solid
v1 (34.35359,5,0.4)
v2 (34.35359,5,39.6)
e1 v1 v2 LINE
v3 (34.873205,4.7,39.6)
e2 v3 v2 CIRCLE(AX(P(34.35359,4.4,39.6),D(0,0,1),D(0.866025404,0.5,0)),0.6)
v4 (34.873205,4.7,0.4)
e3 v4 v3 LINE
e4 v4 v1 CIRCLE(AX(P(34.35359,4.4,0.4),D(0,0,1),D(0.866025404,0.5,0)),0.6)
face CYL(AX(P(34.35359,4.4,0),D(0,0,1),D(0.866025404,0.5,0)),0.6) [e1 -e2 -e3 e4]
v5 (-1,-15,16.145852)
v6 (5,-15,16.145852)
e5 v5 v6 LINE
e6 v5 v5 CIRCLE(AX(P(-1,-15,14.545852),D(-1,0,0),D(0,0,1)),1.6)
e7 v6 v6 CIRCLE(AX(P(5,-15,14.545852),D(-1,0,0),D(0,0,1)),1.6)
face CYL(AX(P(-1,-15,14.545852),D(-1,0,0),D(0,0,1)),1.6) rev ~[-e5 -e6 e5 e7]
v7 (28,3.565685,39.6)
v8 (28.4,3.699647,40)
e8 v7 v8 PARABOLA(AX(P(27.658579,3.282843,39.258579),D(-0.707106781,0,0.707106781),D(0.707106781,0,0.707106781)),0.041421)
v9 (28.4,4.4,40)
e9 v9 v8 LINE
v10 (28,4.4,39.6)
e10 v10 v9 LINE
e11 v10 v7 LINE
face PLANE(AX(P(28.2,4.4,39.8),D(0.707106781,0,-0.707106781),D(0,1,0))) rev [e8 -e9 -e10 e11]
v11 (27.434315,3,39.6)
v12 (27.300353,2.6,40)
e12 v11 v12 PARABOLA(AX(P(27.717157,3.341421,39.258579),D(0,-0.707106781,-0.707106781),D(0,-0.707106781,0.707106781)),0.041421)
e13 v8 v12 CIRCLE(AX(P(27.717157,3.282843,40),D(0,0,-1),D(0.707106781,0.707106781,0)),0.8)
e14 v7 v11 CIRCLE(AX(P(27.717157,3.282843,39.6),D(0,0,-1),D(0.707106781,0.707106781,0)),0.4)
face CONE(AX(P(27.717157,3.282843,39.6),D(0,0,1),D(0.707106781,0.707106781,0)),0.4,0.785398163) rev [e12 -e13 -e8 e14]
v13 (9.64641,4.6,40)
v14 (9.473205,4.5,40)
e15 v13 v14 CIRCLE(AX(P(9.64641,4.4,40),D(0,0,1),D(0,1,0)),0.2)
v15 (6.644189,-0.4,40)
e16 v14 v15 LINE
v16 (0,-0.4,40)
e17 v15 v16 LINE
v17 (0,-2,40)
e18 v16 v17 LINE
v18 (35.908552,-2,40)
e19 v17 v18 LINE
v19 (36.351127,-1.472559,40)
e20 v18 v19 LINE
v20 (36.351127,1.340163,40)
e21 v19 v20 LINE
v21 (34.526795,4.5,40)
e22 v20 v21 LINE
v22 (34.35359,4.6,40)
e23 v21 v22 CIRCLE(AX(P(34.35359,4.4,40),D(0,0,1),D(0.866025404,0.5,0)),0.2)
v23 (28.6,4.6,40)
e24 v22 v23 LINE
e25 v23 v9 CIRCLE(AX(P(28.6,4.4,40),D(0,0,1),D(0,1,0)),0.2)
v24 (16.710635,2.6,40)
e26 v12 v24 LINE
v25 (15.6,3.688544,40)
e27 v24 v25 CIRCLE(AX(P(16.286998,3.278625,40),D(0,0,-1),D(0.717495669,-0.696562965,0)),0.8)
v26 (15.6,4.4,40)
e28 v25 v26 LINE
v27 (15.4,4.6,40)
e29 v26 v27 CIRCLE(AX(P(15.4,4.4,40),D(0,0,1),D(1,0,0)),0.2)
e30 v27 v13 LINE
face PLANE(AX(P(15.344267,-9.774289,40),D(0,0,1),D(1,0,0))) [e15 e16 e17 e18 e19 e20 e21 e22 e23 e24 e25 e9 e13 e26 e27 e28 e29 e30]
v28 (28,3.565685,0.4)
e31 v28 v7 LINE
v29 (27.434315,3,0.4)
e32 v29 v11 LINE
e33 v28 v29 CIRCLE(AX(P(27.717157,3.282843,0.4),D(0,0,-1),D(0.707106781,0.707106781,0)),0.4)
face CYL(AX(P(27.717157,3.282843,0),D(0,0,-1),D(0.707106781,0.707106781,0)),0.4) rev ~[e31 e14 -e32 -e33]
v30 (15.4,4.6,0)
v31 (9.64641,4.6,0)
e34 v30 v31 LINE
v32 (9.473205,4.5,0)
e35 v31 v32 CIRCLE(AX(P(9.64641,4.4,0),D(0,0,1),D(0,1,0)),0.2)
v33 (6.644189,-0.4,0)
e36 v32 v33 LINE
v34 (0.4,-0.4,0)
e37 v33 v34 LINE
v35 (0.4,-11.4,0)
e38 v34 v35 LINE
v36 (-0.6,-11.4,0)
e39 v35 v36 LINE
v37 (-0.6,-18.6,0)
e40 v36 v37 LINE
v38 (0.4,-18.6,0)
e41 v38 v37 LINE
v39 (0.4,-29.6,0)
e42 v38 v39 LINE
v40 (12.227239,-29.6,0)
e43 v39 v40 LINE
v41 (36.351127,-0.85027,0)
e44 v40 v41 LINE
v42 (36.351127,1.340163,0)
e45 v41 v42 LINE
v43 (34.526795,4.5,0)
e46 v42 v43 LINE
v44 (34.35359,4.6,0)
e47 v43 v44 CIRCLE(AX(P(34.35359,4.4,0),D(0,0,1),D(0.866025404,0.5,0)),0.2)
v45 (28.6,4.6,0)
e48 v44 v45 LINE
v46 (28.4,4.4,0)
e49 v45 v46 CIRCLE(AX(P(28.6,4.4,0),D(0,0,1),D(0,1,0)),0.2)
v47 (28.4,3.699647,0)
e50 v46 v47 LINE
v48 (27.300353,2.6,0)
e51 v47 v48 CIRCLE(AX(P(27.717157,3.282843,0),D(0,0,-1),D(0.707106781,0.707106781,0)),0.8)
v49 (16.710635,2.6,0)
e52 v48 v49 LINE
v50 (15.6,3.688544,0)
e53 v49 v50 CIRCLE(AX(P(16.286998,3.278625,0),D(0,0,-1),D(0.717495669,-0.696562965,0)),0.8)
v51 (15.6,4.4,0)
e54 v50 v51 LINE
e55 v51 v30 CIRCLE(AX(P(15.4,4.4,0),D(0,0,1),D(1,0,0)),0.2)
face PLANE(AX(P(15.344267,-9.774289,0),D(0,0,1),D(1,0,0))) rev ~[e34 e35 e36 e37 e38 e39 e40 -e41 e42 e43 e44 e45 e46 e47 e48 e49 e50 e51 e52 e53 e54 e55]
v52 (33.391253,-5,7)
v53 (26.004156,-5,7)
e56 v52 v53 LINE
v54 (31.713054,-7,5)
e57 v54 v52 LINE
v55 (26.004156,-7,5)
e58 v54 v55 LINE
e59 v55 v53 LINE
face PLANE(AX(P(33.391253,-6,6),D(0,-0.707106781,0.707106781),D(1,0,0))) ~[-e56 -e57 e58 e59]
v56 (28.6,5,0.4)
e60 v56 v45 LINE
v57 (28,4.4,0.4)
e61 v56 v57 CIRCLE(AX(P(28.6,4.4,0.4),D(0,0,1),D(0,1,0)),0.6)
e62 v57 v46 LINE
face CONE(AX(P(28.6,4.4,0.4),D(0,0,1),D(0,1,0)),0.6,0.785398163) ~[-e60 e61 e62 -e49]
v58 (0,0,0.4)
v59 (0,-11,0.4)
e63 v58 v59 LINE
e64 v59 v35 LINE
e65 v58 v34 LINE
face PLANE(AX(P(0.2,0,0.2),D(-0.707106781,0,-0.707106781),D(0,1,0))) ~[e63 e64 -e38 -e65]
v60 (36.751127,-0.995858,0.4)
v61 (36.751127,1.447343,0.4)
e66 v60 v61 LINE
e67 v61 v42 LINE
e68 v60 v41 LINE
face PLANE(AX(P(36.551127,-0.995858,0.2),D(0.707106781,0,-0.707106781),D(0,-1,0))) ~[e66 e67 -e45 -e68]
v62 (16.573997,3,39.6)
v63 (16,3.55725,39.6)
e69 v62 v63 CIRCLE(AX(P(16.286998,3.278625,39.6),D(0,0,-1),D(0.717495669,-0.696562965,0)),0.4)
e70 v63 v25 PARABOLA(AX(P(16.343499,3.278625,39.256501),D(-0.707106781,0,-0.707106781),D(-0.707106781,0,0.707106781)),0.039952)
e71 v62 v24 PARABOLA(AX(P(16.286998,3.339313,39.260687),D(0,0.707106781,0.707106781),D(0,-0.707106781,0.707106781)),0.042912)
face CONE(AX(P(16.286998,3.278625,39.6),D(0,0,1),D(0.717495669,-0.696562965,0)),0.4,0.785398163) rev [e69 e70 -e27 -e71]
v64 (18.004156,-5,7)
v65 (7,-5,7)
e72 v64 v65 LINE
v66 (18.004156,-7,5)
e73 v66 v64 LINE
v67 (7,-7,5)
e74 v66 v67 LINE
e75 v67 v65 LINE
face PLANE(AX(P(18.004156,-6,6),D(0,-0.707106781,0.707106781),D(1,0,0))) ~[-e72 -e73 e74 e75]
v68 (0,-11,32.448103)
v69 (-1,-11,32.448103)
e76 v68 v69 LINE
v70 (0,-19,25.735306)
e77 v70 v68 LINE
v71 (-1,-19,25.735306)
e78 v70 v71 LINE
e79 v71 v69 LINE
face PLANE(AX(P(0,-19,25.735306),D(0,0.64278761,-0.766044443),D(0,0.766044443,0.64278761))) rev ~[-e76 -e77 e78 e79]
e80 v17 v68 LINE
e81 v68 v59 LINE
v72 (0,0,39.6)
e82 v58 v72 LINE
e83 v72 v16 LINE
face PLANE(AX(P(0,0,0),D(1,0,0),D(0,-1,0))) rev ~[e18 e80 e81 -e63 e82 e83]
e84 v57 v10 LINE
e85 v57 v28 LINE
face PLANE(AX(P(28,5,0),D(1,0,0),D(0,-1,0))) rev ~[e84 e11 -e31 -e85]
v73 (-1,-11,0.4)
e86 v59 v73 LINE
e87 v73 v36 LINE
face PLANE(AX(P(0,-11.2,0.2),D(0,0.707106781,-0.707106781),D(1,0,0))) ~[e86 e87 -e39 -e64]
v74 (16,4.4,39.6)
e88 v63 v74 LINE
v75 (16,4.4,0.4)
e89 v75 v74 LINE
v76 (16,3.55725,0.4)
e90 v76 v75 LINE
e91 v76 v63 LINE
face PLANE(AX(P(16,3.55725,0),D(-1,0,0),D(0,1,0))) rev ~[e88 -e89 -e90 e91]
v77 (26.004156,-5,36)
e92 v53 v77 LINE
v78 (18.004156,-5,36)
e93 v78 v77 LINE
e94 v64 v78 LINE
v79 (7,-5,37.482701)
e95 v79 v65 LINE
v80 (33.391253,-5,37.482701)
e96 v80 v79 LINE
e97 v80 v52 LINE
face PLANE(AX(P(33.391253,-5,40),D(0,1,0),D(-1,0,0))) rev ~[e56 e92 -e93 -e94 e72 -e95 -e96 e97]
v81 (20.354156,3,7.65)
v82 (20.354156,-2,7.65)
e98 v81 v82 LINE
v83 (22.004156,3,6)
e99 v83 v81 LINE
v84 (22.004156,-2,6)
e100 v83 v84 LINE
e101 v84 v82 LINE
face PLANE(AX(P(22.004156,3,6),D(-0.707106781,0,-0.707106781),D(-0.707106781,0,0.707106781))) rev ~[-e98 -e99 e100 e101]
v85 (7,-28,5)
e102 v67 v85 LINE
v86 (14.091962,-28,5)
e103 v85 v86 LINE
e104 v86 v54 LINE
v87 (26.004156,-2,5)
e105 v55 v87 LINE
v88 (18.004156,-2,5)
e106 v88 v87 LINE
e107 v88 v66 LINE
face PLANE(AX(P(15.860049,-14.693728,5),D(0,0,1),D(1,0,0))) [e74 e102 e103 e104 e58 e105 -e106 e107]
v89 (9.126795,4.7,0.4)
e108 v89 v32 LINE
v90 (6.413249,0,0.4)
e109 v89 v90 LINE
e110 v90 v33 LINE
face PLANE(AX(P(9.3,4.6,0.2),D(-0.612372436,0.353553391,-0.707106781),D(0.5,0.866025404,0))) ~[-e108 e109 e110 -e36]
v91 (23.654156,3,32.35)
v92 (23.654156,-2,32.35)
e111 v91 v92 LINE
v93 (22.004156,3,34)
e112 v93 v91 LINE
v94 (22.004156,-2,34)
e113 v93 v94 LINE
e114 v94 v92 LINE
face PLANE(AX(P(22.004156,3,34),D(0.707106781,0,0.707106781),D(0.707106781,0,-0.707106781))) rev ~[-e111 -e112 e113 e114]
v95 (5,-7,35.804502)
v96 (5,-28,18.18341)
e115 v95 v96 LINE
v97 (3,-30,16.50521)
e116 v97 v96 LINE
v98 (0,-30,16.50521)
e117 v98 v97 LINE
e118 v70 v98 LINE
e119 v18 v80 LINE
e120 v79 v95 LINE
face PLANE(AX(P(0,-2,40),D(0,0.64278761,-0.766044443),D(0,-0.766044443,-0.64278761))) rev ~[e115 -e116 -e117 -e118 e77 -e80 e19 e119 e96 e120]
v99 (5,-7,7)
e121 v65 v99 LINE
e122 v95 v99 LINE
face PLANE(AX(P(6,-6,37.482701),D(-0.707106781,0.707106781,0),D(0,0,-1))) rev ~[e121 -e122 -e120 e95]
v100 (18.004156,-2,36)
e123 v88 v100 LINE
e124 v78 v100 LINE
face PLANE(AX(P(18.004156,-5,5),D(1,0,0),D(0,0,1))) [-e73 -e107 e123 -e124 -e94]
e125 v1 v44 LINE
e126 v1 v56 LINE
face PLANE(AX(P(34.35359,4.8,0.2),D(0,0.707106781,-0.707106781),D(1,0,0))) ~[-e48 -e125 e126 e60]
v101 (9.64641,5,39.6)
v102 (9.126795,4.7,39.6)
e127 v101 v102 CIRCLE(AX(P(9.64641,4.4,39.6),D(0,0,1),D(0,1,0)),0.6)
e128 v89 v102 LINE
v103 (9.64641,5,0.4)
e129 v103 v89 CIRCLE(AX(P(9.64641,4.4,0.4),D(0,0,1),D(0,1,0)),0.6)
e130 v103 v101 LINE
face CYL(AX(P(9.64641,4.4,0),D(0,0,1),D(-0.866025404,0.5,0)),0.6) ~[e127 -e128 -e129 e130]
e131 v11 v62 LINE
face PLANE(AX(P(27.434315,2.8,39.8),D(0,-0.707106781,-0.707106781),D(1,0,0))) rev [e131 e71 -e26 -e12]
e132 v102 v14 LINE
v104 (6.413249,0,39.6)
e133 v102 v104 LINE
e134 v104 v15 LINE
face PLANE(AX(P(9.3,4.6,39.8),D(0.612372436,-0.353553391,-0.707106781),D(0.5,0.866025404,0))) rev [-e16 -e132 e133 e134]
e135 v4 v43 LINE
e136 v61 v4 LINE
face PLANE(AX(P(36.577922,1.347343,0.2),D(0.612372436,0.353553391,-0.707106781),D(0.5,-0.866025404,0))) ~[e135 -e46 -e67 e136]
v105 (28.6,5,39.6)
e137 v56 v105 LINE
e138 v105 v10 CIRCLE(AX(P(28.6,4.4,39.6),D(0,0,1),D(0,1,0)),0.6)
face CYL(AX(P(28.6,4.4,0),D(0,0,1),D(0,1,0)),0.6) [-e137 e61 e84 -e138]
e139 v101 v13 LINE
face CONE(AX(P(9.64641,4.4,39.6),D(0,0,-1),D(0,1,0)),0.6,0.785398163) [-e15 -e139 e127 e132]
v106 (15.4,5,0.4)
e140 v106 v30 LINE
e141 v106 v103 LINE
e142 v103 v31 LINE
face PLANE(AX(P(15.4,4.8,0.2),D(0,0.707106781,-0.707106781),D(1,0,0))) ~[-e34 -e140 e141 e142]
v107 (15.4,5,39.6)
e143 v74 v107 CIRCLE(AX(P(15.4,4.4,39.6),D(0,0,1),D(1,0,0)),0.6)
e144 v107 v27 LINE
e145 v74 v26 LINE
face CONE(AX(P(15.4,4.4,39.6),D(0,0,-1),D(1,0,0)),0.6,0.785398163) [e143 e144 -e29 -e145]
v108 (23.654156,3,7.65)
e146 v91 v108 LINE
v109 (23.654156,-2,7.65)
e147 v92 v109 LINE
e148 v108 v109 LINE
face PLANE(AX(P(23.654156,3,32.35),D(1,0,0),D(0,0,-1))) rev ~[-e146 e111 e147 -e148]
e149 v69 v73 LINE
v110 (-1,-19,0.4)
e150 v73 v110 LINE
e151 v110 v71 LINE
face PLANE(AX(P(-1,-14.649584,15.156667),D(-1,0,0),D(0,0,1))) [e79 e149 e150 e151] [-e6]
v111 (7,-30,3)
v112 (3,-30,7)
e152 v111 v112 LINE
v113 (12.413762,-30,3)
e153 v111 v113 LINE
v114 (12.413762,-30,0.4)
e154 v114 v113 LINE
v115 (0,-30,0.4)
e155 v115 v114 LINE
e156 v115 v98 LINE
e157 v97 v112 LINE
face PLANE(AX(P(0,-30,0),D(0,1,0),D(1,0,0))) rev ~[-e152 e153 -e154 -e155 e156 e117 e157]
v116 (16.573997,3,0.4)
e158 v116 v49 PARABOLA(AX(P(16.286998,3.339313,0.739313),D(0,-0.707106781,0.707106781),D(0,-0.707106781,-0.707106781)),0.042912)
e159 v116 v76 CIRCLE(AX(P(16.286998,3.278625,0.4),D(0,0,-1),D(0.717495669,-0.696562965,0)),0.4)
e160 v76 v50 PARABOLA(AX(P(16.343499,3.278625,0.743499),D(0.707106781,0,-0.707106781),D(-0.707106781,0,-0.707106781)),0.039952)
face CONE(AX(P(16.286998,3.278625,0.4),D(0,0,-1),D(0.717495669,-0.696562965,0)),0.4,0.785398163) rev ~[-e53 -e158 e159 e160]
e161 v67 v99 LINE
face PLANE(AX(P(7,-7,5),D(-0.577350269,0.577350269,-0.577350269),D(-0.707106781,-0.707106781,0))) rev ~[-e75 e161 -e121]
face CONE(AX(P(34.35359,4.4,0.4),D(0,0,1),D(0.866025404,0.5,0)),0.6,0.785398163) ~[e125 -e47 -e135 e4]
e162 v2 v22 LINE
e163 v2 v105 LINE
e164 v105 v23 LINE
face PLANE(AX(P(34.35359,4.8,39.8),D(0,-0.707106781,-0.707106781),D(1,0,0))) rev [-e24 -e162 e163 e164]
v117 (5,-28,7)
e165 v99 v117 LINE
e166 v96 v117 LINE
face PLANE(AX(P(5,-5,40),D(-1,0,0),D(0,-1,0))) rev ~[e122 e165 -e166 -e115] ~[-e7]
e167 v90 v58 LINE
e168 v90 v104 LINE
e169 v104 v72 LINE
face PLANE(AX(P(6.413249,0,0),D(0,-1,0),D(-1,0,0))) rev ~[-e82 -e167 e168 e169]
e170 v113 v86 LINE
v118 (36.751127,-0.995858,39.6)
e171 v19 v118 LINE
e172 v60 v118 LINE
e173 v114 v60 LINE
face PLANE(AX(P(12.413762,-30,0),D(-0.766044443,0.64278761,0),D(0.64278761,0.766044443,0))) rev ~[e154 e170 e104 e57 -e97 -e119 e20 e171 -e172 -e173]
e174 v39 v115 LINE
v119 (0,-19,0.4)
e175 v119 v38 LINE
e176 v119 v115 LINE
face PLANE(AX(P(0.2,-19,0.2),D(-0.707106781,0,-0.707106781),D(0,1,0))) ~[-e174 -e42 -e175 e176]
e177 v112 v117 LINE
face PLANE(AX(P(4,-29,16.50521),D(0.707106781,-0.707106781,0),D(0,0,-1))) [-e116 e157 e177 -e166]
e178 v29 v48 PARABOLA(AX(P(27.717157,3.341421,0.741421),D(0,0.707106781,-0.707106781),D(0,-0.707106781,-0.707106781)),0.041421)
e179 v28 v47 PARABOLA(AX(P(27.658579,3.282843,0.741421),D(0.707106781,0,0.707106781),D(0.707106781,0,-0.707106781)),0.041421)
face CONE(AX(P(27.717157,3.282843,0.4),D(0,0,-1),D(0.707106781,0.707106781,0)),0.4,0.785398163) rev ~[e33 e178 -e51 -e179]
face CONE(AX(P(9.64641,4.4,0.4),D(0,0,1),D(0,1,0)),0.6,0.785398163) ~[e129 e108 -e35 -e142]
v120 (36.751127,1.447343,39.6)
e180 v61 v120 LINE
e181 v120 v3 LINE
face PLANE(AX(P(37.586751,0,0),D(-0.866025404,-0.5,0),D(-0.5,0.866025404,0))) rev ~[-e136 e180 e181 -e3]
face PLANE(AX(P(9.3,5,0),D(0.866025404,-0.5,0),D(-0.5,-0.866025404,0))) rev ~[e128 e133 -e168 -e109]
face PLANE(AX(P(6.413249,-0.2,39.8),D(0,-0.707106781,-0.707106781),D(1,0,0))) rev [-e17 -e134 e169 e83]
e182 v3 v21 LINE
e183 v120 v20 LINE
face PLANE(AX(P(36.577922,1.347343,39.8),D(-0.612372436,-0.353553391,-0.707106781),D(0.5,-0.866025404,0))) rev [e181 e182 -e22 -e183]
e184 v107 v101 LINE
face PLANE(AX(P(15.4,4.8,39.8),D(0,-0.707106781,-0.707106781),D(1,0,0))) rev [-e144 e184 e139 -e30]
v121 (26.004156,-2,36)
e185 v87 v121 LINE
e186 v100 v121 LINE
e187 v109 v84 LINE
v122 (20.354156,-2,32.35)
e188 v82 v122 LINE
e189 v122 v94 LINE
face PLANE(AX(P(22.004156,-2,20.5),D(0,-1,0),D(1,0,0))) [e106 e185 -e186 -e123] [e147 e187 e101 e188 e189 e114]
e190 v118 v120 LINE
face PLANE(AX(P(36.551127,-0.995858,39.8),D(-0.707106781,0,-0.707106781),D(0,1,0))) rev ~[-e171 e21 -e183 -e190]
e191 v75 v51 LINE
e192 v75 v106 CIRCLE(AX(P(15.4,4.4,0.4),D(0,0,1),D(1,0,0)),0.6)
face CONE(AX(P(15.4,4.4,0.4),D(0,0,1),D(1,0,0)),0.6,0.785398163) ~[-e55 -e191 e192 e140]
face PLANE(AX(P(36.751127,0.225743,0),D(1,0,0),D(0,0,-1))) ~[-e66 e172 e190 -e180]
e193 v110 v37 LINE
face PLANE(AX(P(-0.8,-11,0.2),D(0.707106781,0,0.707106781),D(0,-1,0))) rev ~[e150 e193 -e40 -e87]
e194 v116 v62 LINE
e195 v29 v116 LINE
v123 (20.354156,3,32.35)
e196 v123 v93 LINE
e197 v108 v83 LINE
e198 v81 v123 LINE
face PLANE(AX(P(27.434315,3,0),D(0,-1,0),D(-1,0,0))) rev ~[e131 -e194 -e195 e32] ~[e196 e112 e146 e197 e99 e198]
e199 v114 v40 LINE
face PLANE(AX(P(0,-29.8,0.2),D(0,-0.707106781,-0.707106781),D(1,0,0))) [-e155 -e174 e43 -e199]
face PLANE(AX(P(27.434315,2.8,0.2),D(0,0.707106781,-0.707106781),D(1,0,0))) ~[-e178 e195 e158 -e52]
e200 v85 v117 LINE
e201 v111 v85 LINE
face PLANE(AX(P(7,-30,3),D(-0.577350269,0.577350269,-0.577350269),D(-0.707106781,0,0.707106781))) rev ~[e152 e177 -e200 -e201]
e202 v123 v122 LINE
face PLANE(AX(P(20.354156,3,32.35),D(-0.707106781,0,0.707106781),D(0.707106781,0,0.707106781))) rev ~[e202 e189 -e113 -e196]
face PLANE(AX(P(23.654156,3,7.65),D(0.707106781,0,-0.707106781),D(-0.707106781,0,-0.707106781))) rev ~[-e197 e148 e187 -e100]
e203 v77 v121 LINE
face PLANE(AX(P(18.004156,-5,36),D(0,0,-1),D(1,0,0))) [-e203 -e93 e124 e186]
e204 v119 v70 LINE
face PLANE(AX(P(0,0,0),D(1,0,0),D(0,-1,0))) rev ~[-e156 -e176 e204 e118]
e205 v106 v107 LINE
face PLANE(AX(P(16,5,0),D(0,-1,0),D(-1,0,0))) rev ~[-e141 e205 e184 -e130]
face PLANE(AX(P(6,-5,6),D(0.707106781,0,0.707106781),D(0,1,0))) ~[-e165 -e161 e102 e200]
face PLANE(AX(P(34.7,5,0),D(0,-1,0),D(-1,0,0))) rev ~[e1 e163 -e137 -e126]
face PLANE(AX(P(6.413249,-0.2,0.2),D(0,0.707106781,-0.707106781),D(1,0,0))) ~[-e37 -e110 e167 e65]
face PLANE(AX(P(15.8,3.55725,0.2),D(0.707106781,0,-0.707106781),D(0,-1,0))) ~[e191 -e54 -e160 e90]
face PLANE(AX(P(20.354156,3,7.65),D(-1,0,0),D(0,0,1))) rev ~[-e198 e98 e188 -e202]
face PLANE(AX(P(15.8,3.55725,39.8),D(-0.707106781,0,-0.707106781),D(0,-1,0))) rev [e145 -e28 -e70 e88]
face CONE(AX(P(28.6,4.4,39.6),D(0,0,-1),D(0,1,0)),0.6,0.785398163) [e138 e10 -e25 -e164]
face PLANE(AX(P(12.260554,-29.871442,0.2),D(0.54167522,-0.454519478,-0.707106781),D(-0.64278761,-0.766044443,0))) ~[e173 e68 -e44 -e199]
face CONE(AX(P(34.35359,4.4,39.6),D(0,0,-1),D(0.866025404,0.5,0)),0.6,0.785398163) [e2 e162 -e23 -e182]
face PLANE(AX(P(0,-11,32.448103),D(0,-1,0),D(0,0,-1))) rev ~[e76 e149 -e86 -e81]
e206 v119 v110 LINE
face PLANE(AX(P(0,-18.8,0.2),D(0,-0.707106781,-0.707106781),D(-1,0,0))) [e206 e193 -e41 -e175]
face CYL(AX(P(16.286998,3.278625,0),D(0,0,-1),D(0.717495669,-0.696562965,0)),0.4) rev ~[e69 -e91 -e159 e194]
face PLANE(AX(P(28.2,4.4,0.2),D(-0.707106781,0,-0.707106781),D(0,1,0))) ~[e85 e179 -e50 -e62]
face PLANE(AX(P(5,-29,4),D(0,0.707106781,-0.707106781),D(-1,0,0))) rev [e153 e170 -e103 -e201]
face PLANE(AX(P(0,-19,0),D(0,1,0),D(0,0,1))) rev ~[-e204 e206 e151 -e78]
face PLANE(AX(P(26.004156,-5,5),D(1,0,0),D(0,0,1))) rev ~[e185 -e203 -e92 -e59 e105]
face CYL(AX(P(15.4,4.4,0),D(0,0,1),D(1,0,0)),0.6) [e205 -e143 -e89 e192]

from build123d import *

# Parameters (mm, degrees)
BOSS_EXTRUDE1_DEPTH = 40
CUT_EXTRUDE1_DEPTH  = 35
CUT_EXTRUDE2_DEPTH  = 38.586751346
BOSS_EXTRUDE2_DEPTH = 1
SKETCH5_R           = 1.6
CUT_EXTRUDE3_DEPTH  = 39.586751346
CHAMFER2_SIZE       = 1.3
CHAMFER2_SIZE2      = 1.671247785
FILLET1_R           = 0.6
CUT_EXTRUDE4_DEPTH  = 34
SKETCH7_W           = 8
SKETCH7_H           = 31
CUT_EXTRUDE5_DEPTH  = 3
CHAMFER3_SIZE       = 2
CHAMFER4_SIZE       = 0.4


with BuildPart() as part:
    # Sketch1 → Boss-Extrude1 (new body)
    with BuildSketch(Plane.XY):
        with BuildLine():
            Line((0, 0), (0, -30))
            Line((0, -30), (12.413762411, -30))
            Line((12.413762411, -30), (37.586751346, 0))
            Line((37.586751346, 0), (34.7, 5))
            Line((34.7, 5), (28, 5))
            Line((28, 5), (28, 3.565685425))
            ThreePointArc((28, 3.565685425), (28, 3), (27.434314575, 3))
            Line((27.434314575, 3), (16.573996535, 3))
            ThreePointArc((16.573996535, 3), (16.008373082, 2.991626918), (16, 3.557250372))
            Line((16, 3.557250372), (16, 5))
            Line((16, 5), (9.3, 5))
            Line((9.3, 5), (6.413248654, 0))
            Line((6.413248654, 0), (0, 0))
        make_face()
    extrude(amount=BOSS_EXTRUDE1_DEPTH)

    # Sketch2 → Cut-Extrude1 (cut)
    with BuildSketch(Plane.XY.offset(40)):
        Polygon((5, -5), (5, -30), (12.413762411, -30), (33.39125319, -5), align=None)
    extrude(amount=-CUT_EXTRUDE1_DEPTH, mode=Mode.SUBTRACT)

    # Sketch3 → Cut-Extrude2 (cut, through all)
    with BuildSketch(Plane.ZY):
        Polygon((40, -30), (40, -2), (16.505210327, -30), align=None)
    extrude(amount=-CUT_EXTRUDE2_DEPTH, mode=Mode.SUBTRACT)

    # Sketch4 → Boss-Extrude2 (add)
    with BuildSketch(Plane.ZY):
        Polygon((0, -11), (0, -19), (25.73530627, -19), (32.448103319, -11), align=None)
    extrude(amount=BOSS_EXTRUDE2_DEPTH)

    # Sketch5 → Cut-Extrude3 (cut, through all)
    with BuildSketch(Plane.ZY.offset(1)):
        with Locations((14.545852397, -15)):
            Circle(SKETCH5_R)
    extrude(amount=-CUT_EXTRUDE3_DEPTH, mode=Mode.SUBTRACT)

    # Chamfer2
    chamfer2_edges = [part.edges().sort_by_distance(p)[0] for p in [
        (37.586751346, 0, 20),
    ]]
    chamfer2_side = [part.faces().sort_by_distance(p)[0] for p in [
        (25.000256878, -15, 0.559792763),
    ]]
    chamfer(chamfer2_edges, length=CHAMFER2_SIZE, length2=CHAMFER2_SIZE2, reference=chamfer2_side[0])

    # Fillet1
    fillet1_edges = [part.edges().sort_by_distance(p)[0] for p in [
        (9.3, 5, 20),
        (16, 5, 20),
        (28, 5, 20),
        (34.7, 5, 20),
    ]]
    fillet(fillet1_edges, radius=FILLET1_R)

    # Sketch6 → Cut-Extrude4 (cut, through all)
    with BuildSketch(Plane(origin=(0, 3, 0), x_dir=(1, 0, 0), z_dir=(0, 1, 0))):
        Polygon((22.004155555, -6), (20.354155555, -7.65), (20.354155555, -32.35), (22.004155555, -34), (23.654155555, -32.35), (23.654155555, -7.65), align=None)
    extrude(amount=-CUT_EXTRUDE4_DEPTH, mode=Mode.SUBTRACT)

    # Sketch7 → Cut-Extrude5 (cut)
    with BuildSketch(Plane.XZ.offset(5)):
        with Locations((22.004155555, 20.5)):
            Rectangle(SKETCH7_W, SKETCH7_H)
    extrude(amount=-CUT_EXTRUDE5_DEPTH, mode=Mode.SUBTRACT)

    # Chamfer3
    chamfer3_edges = [part.edges().sort_by_distance(p)[0] for p in [
        (29.697704373, -5, 5),
        (5, -5, 21.241350553),
        (8.706881205, -30, 5),
        (5, -30, 10.752605164),
        (11.502077778, -5, 5),
        (5, -17.5, 5),
    ]]
    chamfer(chamfer3_edges, length=CHAMFER3_SIZE)

    # Chamfer4
    chamfer4_edges = [part.edges().sort_by_distance(p)[0] for p in [
        (31.476794919, 5, 0),
        (31.476794919, 5, 40),
        (7.770021787, 2.35, 0),
        (12.523205081, 5, 0),
        (28, 3.982842712, 0),
        (28.175735931, 4.824264069, 0),
        (9.346410162, 4.919615242, 0),
        (15.824264069, 4.824264069, 0),
        (34.653589838, 4.919615242, 0),
        (28, 3.982842712, 40),
        (12.523205081, 5, 40),
        (7.770021787, 2.35, 40),
        (28.175735931, 4.824264069, 40),
        (9.346410162, 4.919615242, 40),
        (15.824264069, 4.824264069, 40),
        (34.653589838, 4.919615242, 40),
        (16, 3.978625186, 0),
        (16.008373082, 2.991626918, 0),
        (22.004155555, 3, 0),
        (28, 3, 0),
        (24.582444932, -15.497928888, 0),
        (6.206881205, -30, 0),
        (0, -5.5, 0),
        (3.206624327, 0, 0),
        (28, 3, 40),
        (22.004155555, 3, 40),
        (16.008373082, 2.991626918, 40),
        (16, 3.978625186, 40),
        (3.206624327, 0, 40),
        (0, -24.5, 0),
        (-0.5, -11, 0),
        (-0.5, -19, 0),
        (-1, -15, 0),
        (35.812166267, 3.073671519, 0),
        (35.812166267, 3.073671519, 40),
        (36.751127453, 0.225742631, 0),
        (36.751127453, 0.225742631, 40),
    ]]
    chamfer(chamfer4_edges, length=CHAMFER4_SIZE)


solid = part.part
